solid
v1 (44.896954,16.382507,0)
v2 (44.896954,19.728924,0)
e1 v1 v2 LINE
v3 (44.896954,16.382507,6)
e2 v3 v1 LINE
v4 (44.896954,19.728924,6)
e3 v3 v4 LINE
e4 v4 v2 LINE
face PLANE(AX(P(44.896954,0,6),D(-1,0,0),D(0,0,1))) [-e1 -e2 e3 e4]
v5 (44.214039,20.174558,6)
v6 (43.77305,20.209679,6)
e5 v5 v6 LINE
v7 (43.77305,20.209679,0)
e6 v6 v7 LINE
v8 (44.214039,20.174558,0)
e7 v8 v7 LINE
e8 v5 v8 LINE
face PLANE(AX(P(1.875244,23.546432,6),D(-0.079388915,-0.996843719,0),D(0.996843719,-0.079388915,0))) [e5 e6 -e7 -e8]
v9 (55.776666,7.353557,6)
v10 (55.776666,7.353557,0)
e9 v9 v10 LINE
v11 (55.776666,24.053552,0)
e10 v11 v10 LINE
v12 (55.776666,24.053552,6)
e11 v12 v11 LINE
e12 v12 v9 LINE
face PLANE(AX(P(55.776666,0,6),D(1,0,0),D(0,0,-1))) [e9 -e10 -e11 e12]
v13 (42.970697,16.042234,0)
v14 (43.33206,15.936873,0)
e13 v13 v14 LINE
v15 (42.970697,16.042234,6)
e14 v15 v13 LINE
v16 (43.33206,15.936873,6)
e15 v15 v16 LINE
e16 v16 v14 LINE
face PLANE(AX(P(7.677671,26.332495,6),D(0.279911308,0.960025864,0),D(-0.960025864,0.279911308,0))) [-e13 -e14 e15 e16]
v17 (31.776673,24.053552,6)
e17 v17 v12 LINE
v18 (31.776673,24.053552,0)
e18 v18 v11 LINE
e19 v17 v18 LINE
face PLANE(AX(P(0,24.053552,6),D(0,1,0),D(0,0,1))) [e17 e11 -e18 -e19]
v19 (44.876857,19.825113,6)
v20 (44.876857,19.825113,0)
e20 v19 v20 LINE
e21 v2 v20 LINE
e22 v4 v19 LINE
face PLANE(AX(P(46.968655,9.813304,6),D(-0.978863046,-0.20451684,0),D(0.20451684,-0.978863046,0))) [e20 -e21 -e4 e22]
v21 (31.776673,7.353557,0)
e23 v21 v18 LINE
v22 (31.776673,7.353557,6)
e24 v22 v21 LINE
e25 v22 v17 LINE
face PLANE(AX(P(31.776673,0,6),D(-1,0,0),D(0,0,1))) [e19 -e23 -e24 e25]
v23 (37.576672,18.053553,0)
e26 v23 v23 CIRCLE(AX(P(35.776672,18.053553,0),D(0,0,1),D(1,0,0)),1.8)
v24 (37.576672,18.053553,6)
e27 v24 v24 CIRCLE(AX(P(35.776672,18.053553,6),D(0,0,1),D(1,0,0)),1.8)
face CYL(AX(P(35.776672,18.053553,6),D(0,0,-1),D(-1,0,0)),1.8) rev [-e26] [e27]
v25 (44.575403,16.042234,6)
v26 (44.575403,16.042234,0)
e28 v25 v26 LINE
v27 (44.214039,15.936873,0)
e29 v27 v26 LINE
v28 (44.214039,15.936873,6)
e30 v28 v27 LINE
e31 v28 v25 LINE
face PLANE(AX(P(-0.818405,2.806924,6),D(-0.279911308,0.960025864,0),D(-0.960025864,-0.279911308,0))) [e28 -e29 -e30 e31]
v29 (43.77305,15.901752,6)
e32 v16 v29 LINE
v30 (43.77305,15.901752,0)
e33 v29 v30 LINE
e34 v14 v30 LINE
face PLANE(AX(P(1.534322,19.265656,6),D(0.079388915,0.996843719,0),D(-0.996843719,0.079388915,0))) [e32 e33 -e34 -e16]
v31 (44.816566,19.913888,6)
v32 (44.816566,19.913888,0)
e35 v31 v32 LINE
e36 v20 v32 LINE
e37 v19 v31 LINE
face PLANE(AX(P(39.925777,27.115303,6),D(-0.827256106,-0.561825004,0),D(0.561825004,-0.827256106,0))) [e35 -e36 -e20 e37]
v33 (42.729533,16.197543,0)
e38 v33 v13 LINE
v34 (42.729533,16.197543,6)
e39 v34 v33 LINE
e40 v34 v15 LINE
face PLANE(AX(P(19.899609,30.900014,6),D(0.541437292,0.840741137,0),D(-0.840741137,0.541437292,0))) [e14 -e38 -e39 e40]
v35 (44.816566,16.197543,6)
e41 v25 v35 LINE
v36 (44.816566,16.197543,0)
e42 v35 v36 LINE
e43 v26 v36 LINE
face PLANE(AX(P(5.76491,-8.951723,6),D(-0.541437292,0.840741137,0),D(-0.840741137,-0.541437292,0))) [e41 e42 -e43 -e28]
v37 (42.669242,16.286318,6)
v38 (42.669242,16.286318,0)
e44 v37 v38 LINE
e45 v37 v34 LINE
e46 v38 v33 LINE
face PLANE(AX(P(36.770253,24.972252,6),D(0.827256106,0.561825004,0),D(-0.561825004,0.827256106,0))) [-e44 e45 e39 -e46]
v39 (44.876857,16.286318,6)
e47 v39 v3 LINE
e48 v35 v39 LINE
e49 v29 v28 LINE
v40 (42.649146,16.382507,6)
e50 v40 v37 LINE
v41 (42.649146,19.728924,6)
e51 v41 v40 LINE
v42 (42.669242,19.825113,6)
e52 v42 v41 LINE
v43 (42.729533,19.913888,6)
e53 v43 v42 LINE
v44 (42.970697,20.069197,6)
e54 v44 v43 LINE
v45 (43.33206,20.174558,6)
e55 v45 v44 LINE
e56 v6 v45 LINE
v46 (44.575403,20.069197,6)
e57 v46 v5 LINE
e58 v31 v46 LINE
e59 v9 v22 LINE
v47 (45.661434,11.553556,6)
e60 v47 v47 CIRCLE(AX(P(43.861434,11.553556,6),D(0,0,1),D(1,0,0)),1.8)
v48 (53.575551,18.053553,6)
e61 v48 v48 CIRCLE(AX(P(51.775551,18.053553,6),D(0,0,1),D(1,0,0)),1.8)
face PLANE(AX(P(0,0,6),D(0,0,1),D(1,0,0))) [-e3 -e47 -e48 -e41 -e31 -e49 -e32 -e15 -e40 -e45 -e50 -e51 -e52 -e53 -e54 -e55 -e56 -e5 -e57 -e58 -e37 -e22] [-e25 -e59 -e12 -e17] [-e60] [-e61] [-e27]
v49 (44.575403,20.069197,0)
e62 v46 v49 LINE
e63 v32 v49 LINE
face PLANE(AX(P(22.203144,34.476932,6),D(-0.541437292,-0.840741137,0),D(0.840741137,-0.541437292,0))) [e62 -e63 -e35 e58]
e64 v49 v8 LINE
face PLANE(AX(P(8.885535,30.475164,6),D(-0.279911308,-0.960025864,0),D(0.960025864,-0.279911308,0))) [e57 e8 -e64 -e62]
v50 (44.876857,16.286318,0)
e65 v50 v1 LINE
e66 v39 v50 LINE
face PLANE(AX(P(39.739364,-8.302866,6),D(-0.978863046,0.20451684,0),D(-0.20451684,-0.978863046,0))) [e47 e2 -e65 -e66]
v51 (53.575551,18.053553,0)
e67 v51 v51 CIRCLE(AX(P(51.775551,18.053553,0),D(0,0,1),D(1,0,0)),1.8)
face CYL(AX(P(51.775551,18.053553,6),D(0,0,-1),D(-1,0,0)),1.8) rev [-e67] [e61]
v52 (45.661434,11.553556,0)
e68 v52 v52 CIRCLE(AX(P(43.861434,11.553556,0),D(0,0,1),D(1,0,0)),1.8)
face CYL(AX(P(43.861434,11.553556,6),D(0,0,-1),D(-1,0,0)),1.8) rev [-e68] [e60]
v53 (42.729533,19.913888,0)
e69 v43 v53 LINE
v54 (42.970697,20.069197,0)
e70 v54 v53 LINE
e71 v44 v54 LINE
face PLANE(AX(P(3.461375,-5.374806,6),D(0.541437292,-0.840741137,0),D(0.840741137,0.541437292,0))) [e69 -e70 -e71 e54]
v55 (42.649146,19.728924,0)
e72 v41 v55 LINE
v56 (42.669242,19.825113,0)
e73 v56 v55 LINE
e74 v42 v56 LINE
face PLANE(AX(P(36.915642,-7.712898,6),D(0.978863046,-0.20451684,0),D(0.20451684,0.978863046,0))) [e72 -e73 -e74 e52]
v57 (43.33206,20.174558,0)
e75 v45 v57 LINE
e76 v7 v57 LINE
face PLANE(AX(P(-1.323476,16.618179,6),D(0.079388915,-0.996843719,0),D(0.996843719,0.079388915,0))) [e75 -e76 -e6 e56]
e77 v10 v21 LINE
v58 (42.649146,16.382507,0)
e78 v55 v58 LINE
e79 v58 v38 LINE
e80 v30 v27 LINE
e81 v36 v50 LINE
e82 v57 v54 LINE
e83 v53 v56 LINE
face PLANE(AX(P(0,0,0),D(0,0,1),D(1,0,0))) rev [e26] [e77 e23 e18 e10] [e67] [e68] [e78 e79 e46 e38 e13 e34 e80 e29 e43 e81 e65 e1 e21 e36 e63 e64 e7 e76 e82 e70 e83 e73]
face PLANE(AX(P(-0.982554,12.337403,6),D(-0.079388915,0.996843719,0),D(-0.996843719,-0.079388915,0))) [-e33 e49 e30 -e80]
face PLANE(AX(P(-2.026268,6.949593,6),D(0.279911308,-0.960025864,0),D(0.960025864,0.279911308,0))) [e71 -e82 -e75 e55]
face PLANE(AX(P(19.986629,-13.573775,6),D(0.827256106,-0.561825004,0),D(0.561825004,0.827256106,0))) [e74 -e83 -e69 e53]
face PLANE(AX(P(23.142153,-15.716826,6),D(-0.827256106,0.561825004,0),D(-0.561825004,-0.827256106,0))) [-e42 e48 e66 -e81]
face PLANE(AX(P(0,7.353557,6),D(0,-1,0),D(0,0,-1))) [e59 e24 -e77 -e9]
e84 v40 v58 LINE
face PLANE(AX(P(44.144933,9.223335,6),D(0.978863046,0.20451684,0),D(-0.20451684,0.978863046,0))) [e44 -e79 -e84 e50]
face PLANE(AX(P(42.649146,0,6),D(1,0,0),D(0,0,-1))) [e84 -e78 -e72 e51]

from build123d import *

# Parameters (mm, degrees)
MODEL_W                  = 23.99999232
MODEL_H                  = 16.699994656
MODEL_R                  = 1.8
RESSALTO_EXTRUS_O1_DEPTH = 6


with BuildPart() as part:
    # Model → Ressalto-extrusão1 (new body)
    with BuildSketch(Plane.XY):
        with Locations((43.7766695, 15.703554206)):
            Rectangle(MODEL_W, MODEL_H)
        with Locations((35.77667206, 18.053553454)):
            Circle(MODEL_R, mode=Mode.SUBTRACT)
        with Locations((43.861433665, 11.553555534)):
            Circle(MODEL_R, mode=Mode.SUBTRACT)
        with Locations((51.77555053, 18.053553454)):
            Circle(MODEL_R, mode=Mode.SUBTRACT)
        Polygon((42.649145536, 19.728924359), (42.649145536, 16.382506676), (42.669242478, 16.286318247), (42.729533303, 16.197543356), (42.970696603, 16.042234191), (43.332060456, 15.936872625), (43.77304988, 15.901752102), (44.214039305, 15.936872625), (44.575403158, 16.042234191), (44.816566458, 16.197543356), (44.876857283, 16.286318247), (44.896954225, 16.382506676), (44.896954225, 19.728924359), (44.876857283, 19.825112787), (44.816566458, 19.913887678), (44.575403158, 20.069196843), (44.214039305, 20.17455841), (43.77304988, 20.209678932), (43.332060456, 20.17455841), (42.970696603, 20.069196843), (42.729533303, 19.913887678), (42.669242478, 19.825112787), align=None, mode=Mode.SUBTRACT)
    extrude(amount=RESSALTO_EXTRUS_O1_DEPTH)


solid = part.part
